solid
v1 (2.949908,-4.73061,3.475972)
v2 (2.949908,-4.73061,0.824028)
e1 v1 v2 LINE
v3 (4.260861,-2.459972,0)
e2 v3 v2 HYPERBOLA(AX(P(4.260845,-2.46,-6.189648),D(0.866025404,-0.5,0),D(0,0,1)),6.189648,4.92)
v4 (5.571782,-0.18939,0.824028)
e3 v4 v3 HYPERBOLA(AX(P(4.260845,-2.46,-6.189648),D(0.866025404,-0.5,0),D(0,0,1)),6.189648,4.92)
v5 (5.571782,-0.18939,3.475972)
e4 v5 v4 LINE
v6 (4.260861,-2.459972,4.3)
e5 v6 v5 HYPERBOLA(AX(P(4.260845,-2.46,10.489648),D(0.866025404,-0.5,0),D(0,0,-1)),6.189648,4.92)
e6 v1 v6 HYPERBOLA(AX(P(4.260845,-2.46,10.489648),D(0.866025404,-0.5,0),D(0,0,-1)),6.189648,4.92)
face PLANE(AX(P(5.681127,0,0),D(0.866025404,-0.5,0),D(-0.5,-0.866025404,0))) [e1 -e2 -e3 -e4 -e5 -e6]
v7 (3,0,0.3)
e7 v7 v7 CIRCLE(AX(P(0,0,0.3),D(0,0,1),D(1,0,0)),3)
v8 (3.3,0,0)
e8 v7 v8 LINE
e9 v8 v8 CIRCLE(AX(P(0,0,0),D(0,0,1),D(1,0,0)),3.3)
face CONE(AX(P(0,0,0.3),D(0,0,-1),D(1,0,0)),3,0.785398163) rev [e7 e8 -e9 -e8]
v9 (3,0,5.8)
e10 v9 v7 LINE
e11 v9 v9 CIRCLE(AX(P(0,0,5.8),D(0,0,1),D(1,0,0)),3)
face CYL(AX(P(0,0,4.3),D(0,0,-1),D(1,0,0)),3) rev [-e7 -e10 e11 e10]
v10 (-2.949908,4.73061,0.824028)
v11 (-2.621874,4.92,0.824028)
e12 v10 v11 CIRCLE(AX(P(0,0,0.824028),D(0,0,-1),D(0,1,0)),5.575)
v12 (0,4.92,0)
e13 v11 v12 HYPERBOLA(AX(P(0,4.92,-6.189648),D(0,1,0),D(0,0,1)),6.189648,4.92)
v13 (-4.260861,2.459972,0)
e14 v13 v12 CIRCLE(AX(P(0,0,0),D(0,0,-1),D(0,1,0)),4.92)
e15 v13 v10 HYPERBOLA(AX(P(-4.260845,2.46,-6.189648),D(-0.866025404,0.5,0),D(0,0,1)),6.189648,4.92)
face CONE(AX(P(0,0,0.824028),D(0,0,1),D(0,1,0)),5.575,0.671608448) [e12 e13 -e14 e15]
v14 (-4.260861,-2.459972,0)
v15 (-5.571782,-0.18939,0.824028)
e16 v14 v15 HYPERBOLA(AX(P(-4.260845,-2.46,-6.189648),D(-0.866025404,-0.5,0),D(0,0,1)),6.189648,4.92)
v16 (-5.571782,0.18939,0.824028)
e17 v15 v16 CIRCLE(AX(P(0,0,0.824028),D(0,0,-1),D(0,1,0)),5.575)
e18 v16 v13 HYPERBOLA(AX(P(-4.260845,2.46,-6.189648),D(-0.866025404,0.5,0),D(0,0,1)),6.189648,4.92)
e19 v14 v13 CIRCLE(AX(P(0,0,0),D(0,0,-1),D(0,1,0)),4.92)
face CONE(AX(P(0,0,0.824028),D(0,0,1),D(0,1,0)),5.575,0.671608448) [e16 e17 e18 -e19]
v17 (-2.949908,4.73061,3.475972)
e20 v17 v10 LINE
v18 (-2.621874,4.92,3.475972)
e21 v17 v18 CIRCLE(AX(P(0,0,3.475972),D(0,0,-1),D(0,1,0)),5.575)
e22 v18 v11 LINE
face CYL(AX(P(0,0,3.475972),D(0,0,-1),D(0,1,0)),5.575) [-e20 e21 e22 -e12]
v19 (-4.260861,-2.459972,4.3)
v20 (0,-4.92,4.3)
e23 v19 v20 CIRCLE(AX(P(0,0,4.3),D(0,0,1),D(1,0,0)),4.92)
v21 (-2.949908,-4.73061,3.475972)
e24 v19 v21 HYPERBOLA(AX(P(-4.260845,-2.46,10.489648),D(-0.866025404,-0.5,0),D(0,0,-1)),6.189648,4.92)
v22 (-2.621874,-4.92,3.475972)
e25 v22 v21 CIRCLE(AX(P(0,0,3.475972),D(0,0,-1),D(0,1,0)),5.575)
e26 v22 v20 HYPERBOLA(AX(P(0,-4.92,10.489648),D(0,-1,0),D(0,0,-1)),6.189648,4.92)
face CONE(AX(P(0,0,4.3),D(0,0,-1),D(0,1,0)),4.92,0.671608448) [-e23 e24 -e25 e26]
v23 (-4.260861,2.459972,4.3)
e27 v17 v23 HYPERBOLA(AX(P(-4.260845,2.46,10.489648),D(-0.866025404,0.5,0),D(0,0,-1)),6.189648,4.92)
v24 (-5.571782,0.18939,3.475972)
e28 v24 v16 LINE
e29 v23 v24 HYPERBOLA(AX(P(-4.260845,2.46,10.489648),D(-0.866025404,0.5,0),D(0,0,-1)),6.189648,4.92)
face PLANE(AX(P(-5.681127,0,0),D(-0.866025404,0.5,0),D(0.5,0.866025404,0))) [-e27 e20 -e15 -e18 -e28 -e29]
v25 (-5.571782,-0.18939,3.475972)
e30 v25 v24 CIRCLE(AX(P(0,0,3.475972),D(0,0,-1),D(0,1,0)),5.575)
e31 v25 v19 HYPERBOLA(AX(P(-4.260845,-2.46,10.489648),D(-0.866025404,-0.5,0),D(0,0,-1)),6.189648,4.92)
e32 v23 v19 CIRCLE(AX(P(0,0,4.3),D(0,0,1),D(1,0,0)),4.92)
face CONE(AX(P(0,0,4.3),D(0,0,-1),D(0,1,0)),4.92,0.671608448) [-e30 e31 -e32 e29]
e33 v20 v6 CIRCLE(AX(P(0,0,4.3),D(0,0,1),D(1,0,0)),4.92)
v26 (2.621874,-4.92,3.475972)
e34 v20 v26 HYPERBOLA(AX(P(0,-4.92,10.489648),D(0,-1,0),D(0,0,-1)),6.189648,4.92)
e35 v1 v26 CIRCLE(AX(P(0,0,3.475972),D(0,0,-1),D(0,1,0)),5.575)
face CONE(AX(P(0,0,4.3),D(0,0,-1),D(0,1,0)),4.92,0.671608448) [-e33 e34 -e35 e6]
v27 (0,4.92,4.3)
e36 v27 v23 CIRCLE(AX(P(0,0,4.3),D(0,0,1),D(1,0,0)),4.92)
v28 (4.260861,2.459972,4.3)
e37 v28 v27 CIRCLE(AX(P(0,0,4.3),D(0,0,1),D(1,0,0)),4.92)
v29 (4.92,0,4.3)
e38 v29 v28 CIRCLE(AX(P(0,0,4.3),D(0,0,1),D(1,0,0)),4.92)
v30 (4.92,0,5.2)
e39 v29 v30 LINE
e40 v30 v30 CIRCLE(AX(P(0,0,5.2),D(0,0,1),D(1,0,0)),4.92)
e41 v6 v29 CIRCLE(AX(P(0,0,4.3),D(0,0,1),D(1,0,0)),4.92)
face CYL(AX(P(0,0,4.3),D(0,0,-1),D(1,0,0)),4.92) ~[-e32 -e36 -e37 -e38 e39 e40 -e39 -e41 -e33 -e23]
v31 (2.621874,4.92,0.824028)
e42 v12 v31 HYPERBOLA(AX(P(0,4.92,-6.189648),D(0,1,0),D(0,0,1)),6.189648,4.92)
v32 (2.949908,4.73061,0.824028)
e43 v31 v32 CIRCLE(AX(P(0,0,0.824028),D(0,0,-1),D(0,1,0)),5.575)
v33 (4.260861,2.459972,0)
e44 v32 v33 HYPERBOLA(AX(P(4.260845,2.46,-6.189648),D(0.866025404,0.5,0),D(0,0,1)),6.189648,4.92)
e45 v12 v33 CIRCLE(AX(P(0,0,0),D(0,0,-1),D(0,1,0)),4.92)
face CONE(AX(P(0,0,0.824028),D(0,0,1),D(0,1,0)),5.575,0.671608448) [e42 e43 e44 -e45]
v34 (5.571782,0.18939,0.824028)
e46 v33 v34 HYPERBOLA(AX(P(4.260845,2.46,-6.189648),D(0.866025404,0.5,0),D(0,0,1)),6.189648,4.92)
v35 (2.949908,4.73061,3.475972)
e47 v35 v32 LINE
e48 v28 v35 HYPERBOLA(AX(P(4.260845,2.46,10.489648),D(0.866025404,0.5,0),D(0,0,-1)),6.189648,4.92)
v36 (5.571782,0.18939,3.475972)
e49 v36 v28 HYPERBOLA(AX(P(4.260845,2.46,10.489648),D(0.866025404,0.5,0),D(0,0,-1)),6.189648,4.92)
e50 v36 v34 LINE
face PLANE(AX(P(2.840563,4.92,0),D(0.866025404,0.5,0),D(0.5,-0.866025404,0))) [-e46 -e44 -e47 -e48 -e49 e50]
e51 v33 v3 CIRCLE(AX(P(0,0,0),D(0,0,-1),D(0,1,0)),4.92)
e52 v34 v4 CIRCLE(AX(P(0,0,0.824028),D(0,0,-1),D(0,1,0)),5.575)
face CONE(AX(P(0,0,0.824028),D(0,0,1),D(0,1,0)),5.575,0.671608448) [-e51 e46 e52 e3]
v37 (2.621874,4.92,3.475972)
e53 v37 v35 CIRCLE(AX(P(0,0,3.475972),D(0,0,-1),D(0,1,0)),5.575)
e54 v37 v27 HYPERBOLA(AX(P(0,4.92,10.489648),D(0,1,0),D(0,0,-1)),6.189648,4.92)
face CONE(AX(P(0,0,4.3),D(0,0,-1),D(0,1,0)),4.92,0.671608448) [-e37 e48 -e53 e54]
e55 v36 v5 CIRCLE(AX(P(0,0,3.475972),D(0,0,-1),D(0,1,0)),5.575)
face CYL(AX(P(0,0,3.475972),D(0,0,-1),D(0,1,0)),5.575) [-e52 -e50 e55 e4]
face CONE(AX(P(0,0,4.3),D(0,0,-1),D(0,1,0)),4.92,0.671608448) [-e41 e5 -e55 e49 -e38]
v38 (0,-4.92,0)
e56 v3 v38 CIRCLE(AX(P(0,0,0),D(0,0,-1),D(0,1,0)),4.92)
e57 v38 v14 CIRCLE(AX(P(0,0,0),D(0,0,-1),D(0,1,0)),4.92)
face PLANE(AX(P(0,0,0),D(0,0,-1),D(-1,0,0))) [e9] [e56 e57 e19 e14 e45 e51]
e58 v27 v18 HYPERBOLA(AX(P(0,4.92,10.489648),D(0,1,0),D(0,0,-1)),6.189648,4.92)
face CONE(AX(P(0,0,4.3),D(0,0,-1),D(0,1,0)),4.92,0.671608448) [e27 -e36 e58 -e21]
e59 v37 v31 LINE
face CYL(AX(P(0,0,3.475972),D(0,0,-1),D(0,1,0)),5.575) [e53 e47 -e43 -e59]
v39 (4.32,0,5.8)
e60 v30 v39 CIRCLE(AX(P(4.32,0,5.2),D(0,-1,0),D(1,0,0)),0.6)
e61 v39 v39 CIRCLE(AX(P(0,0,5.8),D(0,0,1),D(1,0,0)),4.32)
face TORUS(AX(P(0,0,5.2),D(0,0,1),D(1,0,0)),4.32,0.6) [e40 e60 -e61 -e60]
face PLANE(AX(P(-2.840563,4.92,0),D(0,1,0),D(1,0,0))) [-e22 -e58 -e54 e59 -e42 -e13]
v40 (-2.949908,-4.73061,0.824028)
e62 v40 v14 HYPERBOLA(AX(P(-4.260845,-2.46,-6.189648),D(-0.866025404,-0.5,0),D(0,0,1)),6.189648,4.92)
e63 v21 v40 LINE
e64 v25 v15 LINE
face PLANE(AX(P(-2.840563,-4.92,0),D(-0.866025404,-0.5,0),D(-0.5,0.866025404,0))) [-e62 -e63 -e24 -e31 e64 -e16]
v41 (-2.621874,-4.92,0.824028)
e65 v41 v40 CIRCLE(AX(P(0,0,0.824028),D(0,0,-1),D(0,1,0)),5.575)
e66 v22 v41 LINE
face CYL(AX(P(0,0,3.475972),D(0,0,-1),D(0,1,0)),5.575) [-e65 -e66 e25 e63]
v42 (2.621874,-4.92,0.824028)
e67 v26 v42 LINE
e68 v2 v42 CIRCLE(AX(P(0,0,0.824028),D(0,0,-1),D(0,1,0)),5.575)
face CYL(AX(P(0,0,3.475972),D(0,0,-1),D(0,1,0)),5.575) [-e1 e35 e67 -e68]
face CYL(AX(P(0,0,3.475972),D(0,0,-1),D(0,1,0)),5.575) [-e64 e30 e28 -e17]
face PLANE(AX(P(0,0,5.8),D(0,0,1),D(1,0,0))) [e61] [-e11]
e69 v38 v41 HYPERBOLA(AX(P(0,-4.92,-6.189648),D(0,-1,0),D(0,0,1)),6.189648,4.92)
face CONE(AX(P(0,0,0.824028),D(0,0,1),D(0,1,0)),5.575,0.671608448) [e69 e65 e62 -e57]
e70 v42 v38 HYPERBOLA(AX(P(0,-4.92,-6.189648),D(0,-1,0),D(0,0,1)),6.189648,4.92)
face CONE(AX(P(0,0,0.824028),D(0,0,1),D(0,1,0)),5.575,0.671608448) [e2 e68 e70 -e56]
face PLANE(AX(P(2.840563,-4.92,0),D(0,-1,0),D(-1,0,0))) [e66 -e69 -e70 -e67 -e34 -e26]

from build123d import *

# Parameters (mm, degrees)
SKETCH1_R           = 3
BOSS_EXTRUDE1_DEPTH = 4.3
SKETCH2_R           = 4.92
SKETCH2_R_2         = 3
BOSS_EXTRUDE2_DEPTH = 1.5
FILLET1_R           = 0.6
CHAMFER1_SIZE       = 0.3


with BuildPart() as part:
    # Sketch1 → Boss-Extrude1 (new body)
    with BuildSketch(Plane.XY):
        Polygon((-2.840563324, 4.92), (2.840563324, 4.92), (5.681126649, 0), (2.840563324, -4.92), (-2.840563324, -4.92), (-5.681126649, 0), align=None)
        Circle(SKETCH1_R, mode=Mode.SUBTRACT)
    extrude(amount=BOSS_EXTRUDE1_DEPTH)

    # Sketch2 → Boss-Extrude2 (add)
    with BuildSketch(Plane.XY.offset(4.3)):
        Circle(SKETCH2_R)
        Circle(SKETCH2_R_2, mode=Mode.SUBTRACT)
    extrude(amount=BOSS_EXTRUDE2_DEPTH)

    # Fillet1
    fillet1_edges = [part.edges().sort_by_distance(p)[0] for p in [
        (-4.92, 0, 5.8),
    ]]
    fillet(fillet1_edges, radius=FILLET1_R)

    # Sketch3 → Cut-Revolve1 (revolve, cut)
    with BuildSketch(Plane(origin=(0, 0, 0), x_dir=(0, 0, -1), z_dir=(1, 0, 0))):
        Polygon((-4.3, 4.92), (-3.475971619, 5.575), (-0.824028381, 5.575), (0, 4.92), (0, 6.412884747), (-4.3, 6.412884747), align=None)
    revolve(axis=Axis((0, 0, 0), (0, 0, -1)), mode=Mode.SUBTRACT)

    # Chamfer1
    chamfer1_edges = [part.edges().sort_by_distance(p)[0] for p in [
        (-3, 0, 0),
    ]]
    chamfer(chamfer1_edges, length=CHAMFER1_SIZE)


solid = part.part
